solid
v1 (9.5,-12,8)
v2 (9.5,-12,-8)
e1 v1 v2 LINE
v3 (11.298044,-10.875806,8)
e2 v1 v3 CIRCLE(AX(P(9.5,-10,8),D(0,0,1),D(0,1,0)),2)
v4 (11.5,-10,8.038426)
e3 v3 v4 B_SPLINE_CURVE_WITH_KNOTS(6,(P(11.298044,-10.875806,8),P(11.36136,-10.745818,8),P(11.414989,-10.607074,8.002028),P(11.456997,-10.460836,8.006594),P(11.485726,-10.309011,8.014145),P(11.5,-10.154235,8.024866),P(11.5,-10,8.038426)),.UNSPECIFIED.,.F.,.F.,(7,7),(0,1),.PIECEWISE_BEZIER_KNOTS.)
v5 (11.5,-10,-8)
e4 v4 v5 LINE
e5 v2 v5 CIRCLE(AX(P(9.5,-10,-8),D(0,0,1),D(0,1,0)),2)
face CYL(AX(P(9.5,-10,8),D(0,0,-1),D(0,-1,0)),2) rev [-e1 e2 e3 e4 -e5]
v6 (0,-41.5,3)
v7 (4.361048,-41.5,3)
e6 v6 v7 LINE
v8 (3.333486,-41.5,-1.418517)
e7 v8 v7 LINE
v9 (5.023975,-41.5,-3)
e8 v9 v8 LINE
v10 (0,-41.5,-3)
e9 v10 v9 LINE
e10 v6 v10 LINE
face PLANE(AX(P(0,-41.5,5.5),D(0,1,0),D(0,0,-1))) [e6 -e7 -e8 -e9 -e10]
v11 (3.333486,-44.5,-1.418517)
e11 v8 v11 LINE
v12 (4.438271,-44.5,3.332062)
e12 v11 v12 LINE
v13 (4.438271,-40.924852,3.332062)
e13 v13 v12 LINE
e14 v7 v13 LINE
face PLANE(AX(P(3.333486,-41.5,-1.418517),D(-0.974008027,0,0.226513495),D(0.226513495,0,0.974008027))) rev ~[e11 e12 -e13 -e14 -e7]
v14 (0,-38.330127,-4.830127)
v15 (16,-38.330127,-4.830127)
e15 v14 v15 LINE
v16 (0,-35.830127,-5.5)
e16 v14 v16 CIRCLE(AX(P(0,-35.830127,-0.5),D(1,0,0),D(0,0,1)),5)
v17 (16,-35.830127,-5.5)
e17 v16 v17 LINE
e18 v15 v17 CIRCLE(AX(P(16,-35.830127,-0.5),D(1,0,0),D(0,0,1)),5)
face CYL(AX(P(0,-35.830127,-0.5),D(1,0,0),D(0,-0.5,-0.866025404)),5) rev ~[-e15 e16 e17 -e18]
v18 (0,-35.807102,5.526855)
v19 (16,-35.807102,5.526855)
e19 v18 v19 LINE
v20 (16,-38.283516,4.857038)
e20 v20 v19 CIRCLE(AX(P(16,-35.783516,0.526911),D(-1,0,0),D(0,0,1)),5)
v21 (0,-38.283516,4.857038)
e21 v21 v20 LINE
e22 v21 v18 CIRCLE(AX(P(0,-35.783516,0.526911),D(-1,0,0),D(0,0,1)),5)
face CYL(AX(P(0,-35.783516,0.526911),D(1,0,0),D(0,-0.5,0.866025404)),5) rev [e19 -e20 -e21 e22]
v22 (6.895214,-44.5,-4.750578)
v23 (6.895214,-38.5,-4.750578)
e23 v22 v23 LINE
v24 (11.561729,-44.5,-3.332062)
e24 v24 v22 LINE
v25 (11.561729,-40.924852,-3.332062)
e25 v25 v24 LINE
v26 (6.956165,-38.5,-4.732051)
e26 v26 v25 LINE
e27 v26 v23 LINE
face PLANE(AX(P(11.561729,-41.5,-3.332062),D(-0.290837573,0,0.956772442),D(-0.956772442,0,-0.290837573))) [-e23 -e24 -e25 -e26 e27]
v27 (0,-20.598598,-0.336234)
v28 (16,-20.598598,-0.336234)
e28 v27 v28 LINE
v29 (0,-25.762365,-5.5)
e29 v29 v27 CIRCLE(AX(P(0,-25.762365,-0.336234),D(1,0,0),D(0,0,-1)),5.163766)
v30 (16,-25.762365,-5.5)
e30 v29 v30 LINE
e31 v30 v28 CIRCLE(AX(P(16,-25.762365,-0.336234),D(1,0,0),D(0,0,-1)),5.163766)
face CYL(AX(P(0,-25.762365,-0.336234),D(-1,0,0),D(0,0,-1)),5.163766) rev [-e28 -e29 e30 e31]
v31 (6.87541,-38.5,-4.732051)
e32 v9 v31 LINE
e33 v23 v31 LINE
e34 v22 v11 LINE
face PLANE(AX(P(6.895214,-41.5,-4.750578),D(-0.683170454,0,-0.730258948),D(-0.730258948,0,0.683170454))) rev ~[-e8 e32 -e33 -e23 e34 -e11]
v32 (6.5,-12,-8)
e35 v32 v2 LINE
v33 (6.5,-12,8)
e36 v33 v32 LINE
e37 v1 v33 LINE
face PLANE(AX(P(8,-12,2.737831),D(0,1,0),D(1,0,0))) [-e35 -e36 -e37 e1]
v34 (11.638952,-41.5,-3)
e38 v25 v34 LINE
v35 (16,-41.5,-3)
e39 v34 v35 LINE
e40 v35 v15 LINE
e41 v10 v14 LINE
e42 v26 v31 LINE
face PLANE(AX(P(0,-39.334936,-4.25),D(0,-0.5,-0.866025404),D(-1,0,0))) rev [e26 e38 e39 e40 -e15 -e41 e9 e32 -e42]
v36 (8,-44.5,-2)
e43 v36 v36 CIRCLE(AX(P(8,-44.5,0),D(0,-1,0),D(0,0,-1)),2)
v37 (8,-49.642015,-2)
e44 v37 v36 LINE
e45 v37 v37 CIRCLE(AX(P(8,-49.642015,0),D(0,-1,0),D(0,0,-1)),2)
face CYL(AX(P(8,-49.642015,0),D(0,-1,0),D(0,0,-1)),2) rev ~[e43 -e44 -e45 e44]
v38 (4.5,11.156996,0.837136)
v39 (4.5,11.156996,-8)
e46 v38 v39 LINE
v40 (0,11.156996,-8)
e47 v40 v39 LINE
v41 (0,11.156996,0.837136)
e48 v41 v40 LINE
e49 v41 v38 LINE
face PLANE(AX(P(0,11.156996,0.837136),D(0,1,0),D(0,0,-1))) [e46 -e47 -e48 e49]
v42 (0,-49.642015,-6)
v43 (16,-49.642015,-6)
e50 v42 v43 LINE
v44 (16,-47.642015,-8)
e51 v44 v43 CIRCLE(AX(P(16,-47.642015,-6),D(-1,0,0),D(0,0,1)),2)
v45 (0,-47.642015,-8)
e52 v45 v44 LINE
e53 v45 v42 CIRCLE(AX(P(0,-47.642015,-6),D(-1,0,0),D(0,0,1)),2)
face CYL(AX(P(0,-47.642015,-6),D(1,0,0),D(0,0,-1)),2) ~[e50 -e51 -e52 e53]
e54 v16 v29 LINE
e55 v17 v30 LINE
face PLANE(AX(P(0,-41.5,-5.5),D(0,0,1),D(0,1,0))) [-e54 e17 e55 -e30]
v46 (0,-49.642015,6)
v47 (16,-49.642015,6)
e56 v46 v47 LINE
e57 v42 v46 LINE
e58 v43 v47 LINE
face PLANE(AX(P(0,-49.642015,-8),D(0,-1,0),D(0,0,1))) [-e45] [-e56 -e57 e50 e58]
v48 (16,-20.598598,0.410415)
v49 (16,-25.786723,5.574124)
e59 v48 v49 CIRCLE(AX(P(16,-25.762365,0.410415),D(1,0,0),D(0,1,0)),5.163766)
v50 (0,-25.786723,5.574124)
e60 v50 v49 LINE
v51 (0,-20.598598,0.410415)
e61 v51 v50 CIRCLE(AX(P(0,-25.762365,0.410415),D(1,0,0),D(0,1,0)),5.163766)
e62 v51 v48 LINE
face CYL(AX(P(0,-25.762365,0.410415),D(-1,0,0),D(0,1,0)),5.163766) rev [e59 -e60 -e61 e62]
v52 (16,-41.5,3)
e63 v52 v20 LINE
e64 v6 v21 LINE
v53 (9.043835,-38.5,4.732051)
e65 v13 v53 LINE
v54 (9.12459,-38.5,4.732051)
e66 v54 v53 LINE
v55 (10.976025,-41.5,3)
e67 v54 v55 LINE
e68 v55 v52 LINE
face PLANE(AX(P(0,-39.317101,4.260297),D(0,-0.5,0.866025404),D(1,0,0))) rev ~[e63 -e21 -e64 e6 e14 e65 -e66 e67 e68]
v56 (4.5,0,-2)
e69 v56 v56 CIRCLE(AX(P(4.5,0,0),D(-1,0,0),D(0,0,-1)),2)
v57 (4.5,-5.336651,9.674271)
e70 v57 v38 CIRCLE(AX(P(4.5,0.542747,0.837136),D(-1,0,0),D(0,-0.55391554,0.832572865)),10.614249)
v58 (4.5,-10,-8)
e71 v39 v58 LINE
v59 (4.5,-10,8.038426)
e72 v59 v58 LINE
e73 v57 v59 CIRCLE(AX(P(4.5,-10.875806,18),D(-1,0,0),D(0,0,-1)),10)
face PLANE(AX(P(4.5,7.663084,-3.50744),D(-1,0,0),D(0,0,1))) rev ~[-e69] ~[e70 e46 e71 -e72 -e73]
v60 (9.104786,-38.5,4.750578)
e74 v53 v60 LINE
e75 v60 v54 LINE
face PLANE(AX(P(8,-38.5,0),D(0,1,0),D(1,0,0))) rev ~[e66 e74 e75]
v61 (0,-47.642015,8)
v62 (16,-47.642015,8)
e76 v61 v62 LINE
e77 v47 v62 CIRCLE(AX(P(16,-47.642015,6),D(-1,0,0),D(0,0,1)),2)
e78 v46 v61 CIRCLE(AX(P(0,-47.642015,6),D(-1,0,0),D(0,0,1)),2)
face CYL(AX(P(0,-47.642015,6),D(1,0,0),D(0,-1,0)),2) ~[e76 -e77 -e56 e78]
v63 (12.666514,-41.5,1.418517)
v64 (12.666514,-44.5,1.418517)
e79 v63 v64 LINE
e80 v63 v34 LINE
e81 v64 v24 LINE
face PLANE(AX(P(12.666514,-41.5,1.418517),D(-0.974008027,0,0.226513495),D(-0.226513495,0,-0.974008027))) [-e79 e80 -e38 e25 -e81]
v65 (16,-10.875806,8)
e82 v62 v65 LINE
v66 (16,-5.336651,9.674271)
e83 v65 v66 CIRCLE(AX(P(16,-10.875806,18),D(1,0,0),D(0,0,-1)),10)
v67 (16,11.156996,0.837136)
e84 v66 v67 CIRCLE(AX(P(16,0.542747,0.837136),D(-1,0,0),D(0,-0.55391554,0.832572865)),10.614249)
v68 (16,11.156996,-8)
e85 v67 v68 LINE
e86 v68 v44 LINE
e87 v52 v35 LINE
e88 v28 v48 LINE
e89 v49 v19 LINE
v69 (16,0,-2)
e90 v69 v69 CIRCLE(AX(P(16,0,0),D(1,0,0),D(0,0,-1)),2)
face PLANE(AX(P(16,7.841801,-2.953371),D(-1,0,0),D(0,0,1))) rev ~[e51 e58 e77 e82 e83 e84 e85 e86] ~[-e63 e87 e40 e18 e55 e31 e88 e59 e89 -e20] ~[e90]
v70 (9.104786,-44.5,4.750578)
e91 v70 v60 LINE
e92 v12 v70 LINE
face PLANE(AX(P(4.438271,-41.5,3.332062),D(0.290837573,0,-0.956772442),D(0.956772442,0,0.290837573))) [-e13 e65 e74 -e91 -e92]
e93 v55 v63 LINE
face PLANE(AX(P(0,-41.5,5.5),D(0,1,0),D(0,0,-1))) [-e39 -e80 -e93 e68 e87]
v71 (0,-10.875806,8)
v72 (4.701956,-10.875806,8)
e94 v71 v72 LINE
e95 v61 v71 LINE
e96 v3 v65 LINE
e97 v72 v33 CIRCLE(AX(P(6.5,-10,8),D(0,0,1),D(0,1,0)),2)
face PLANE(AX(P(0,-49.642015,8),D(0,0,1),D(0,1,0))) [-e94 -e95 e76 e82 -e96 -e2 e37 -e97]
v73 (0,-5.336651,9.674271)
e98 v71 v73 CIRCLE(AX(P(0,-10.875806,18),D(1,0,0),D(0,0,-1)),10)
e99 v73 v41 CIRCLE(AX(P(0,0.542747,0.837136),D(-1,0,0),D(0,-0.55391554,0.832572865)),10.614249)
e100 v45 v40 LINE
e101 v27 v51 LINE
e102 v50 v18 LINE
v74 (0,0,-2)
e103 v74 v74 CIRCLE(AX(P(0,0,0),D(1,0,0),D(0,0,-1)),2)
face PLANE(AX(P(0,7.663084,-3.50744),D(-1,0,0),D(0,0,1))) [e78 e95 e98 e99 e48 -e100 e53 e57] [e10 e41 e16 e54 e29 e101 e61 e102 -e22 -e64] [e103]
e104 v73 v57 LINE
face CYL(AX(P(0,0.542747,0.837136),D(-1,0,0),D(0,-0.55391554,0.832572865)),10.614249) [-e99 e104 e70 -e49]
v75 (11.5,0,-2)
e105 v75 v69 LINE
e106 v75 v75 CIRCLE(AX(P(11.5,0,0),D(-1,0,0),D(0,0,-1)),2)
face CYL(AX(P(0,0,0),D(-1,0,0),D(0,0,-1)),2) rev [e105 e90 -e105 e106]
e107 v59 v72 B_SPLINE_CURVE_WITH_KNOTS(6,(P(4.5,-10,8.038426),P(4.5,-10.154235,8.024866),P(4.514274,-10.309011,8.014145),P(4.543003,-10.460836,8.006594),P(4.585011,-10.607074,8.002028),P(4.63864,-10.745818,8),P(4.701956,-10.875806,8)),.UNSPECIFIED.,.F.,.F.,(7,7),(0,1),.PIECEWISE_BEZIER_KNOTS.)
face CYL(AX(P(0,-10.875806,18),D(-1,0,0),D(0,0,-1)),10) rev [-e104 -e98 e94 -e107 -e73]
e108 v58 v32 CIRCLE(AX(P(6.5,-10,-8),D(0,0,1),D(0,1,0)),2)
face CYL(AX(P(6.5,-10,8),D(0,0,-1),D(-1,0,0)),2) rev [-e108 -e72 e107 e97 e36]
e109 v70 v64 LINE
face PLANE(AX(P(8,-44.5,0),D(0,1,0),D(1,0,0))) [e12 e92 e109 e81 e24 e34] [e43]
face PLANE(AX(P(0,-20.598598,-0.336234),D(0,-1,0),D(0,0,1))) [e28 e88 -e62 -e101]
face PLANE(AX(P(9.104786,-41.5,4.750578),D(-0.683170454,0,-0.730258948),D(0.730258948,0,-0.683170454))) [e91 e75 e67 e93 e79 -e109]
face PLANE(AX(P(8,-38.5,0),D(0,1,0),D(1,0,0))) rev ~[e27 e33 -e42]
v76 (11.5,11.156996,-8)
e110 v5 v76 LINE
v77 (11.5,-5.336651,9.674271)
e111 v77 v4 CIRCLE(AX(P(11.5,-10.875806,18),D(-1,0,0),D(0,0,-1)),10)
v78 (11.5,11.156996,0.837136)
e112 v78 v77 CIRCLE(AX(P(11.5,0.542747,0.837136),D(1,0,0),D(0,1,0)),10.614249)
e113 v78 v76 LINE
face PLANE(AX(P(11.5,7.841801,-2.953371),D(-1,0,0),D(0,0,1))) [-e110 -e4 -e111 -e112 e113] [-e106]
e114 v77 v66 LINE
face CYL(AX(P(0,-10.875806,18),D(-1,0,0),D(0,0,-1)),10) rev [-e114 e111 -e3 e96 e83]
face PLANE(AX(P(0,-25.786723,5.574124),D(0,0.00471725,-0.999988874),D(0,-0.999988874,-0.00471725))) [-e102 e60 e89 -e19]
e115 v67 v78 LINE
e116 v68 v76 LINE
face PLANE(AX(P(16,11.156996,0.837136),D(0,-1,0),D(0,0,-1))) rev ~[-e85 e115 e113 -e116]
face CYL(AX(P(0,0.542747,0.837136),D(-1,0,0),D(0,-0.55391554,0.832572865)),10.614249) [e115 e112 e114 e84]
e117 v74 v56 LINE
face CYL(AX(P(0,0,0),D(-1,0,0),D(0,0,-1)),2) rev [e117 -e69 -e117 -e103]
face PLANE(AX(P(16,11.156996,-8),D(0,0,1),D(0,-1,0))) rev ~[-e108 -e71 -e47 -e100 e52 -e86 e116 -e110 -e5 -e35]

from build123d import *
from OCP.BRepFilletAPI import BRepFilletAPI_MakeChamfer

# Parameters (mm, degrees)
SKETCH9_R                    = 2
BOSS_EXTRUDE3_DEPTH          = 16
SKETCH10_R                   = 2
CUT_EXTRUDE7_DEPTH           = 14
SKETCH11_W                   = 7
SKETCH11_H                   = 26.686138344
CUT_EXTRUDE8_DEPTH           = 28
FILLET1_R                    = 2
CHAMFER1_SIZE                = 2.5
CHAMFER1_SIZE2               = 4.365846821
CHAMFER1_SIZE2_2             = 4.330127019
EXTRUDE1_DEPTH               = 3
EXTRUDE1_DEPTH_BACK          = 3
FILLET2_R                    = 2
FILLET3_R                    = 5
ESTRUSIONE_ESTRUSIONE1_DEPTH = 4.5
ESTRUSIONE_ESTRUSIONE2_DEPTH = 4.5


with BuildPart() as part:
    # Sketch9 → Boss-Extrude3 (new body)
    with BuildSketch(Plane(origin=(0, 0, 0), x_dir=(0, 0, -1), z_dir=(1, 0, 0))):
        with BuildLine():
            Line((8, 5.053889445), (8, -49.642014822))
            Line((8, -49.642014822), (-8, -49.642014822))
            Line((-8, -49.642014822), (-8, -10.875806049))
            ThreePointArc((-8, -10.875806049), (-8.427714838, -7.982476346), (-9.674271354, -5.336650652))
            ThreePointArc((-9.674271354, -5.336650652), (-7.418447874, 8.870328147), (6.925281884, 7.78202542))
            ThreePointArc((6.925281884, 7.78202542), (7.721634556, 6.519985019), (8, 5.053889445))
        make_face()
        Circle(SKETCH9_R, mode=Mode.SUBTRACT)
        with BuildLine():
            Line((5.5, -41.5), (5.5, -25.762364524))
            ThreePointArc((5.5, -25.762364524), (3.987567872, -22.111030369), (0.336233717, -20.598598241))
            Line((0.336233717, -20.598598241), (-0.410415455, -20.598598241))
            ThreePointArc((-0.410415455, -20.598598241), (-4.070351606, -22.119652678), (-5.574124284, -25.786723302))
            Line((-5.574124284, -25.786723302), (-5.5, -41.5))
            Line((-5.5, -41.5), (5.5, -41.5))
        make_face(mode=Mode.SUBTRACT)
    extrude(amount=BOSS_EXTRUDE3_DEPTH)

    # Sketch10 → Cut-Extrude7 (cut)
    with BuildSketch(Plane.XZ.offset(49.642014822)):
        with Locations(Location((8, 0, 0), (0, 0, 270))):
            Circle(SKETCH10_R)
    extrude(amount=-CUT_EXTRUDE7_DEPTH, mode=Mode.SUBTRACT)

    # Sketch11 → Cut-Extrude8 (cut)
    with BuildSketch(Plane(origin=(0, 16, 0), x_dir=(1, 0, 0), z_dir=(0, 1, 0))):
        with Locations((8, -2.737831409)):
            Rectangle(SKETCH11_W, SKETCH11_H)
    extrude(amount=-CUT_EXTRUDE8_DEPTH, mode=Mode.SUBTRACT)

    # Fillet1
    fillet1_edges = [part.edges().sort_by_distance(p)[0] for p in [
        (8, -49.642014822, 8),
        (8, -49.642014822, -8),
    ]]
    fillet(fillet1_edges, radius=FILLET1_R)

    # Chamfer1: one chamfer whose edges measure the first distance from different faces: ONE call of the kernel's chamfer builder (chamfer() names one face for all edges)
    chamfer1_edges_1 = [part.edges().sort_by_distance(p)[0] for p in [
        (8, -41.5, 5.5),
    ]]
    chamfer1_side_1 = [part.faces().sort_by_distance(p)[0] for p in [
        (8, -41.5, 5.305835122),
    ]]
    chamfer1_edges_2 = [part.edges().sort_by_distance(p)[0] for p in [
        (8, -41.5, -5.5),
    ]]
    chamfer1_side_2 = [part.faces().sort_by_distance(p)[0] for p in [
        (8, -41.5, 5.305835122),
    ]]
    chamfer1 = BRepFilletAPI_MakeChamfer(part.part.solid().wrapped)
    for e in chamfer1_edges_1:
        chamfer1.Add(CHAMFER1_SIZE, CHAMFER1_SIZE2, e.wrapped, chamfer1_side_1[0].wrapped)  # the first distance lies on this face
    for e in chamfer1_edges_2:
        chamfer1.Add(CHAMFER1_SIZE, CHAMFER1_SIZE2_2, e.wrapped, chamfer1_side_2[0].wrapped)  # the first distance lies on this face
    add(Compound.cast(chamfer1.Shape()), mode=Mode.REPLACE)

    # Sketch12 → Extrude1 (cut, two sides)
    with BuildSketch(Plane(origin=(0, -41.5, 0), x_dir=(1, 0, 0), z_dir=(0, 1, 0))) as extrude1_sk:
        Polygon((6.895214346, 4.750578313), (3.333485671, 1.418516714), (4.438271325, -3.332061599), (9.104785654, -4.750578313), (12.666514329, -1.418516714), (11.561728675, 3.332061599), align=None)
    extrude(amount=EXTRUDE1_DEPTH, mode=Mode.SUBTRACT)
    extrude(extrude1_sk.sketch, amount=-EXTRUDE1_DEPTH_BACK, mode=Mode.SUBTRACT)

    # Fillet2
    fillet2_edges = [part.edges().sort_by_distance(p)[0] for p in [
        (4.5, -12, 0),
        (11.5, -12, 0),
    ]]
    fillet(fillet2_edges, radius=FILLET2_R)

    # Fillet3
    fillet3_edges = [part.edges().sort_by_distance(p)[0] for p in [
        (8, -37.169872981, -5.5),
        (8, -37.134201755, 5.520594792),
    ]]
    fillet(fillet3_edges, radius=FILLET3_R)

    # Schizzo1 → Estrusione-Estrusione1 (add)
    with BuildSketch(Plane.ZY):
        Polygon((0.837135677, 11.156995776), (-8, 11.156995776), (-8, 4.232261394), (1.127037183, 4.232261394), align=None)
    extrude(amount=-ESTRUSIONE_ESTRUSIONE1_DEPTH)

    # Schizzo2 → Estrusione-Estrusione2 (add)
    with BuildSketch(Plane(origin=(16, 0, 0), x_dir=(0, 0, -1), z_dir=(1, 0, 0))):
        Polygon((-0.837135677, 11.156995776), (8, 11.156995776), (8, 3.955668155), (-3.77094248, 6.198951123), (-1.212549738, 11.150354711), align=None)
    extrude(amount=-ESTRUSIONE_ESTRUSIONE2_DEPTH)


solid = part.part
